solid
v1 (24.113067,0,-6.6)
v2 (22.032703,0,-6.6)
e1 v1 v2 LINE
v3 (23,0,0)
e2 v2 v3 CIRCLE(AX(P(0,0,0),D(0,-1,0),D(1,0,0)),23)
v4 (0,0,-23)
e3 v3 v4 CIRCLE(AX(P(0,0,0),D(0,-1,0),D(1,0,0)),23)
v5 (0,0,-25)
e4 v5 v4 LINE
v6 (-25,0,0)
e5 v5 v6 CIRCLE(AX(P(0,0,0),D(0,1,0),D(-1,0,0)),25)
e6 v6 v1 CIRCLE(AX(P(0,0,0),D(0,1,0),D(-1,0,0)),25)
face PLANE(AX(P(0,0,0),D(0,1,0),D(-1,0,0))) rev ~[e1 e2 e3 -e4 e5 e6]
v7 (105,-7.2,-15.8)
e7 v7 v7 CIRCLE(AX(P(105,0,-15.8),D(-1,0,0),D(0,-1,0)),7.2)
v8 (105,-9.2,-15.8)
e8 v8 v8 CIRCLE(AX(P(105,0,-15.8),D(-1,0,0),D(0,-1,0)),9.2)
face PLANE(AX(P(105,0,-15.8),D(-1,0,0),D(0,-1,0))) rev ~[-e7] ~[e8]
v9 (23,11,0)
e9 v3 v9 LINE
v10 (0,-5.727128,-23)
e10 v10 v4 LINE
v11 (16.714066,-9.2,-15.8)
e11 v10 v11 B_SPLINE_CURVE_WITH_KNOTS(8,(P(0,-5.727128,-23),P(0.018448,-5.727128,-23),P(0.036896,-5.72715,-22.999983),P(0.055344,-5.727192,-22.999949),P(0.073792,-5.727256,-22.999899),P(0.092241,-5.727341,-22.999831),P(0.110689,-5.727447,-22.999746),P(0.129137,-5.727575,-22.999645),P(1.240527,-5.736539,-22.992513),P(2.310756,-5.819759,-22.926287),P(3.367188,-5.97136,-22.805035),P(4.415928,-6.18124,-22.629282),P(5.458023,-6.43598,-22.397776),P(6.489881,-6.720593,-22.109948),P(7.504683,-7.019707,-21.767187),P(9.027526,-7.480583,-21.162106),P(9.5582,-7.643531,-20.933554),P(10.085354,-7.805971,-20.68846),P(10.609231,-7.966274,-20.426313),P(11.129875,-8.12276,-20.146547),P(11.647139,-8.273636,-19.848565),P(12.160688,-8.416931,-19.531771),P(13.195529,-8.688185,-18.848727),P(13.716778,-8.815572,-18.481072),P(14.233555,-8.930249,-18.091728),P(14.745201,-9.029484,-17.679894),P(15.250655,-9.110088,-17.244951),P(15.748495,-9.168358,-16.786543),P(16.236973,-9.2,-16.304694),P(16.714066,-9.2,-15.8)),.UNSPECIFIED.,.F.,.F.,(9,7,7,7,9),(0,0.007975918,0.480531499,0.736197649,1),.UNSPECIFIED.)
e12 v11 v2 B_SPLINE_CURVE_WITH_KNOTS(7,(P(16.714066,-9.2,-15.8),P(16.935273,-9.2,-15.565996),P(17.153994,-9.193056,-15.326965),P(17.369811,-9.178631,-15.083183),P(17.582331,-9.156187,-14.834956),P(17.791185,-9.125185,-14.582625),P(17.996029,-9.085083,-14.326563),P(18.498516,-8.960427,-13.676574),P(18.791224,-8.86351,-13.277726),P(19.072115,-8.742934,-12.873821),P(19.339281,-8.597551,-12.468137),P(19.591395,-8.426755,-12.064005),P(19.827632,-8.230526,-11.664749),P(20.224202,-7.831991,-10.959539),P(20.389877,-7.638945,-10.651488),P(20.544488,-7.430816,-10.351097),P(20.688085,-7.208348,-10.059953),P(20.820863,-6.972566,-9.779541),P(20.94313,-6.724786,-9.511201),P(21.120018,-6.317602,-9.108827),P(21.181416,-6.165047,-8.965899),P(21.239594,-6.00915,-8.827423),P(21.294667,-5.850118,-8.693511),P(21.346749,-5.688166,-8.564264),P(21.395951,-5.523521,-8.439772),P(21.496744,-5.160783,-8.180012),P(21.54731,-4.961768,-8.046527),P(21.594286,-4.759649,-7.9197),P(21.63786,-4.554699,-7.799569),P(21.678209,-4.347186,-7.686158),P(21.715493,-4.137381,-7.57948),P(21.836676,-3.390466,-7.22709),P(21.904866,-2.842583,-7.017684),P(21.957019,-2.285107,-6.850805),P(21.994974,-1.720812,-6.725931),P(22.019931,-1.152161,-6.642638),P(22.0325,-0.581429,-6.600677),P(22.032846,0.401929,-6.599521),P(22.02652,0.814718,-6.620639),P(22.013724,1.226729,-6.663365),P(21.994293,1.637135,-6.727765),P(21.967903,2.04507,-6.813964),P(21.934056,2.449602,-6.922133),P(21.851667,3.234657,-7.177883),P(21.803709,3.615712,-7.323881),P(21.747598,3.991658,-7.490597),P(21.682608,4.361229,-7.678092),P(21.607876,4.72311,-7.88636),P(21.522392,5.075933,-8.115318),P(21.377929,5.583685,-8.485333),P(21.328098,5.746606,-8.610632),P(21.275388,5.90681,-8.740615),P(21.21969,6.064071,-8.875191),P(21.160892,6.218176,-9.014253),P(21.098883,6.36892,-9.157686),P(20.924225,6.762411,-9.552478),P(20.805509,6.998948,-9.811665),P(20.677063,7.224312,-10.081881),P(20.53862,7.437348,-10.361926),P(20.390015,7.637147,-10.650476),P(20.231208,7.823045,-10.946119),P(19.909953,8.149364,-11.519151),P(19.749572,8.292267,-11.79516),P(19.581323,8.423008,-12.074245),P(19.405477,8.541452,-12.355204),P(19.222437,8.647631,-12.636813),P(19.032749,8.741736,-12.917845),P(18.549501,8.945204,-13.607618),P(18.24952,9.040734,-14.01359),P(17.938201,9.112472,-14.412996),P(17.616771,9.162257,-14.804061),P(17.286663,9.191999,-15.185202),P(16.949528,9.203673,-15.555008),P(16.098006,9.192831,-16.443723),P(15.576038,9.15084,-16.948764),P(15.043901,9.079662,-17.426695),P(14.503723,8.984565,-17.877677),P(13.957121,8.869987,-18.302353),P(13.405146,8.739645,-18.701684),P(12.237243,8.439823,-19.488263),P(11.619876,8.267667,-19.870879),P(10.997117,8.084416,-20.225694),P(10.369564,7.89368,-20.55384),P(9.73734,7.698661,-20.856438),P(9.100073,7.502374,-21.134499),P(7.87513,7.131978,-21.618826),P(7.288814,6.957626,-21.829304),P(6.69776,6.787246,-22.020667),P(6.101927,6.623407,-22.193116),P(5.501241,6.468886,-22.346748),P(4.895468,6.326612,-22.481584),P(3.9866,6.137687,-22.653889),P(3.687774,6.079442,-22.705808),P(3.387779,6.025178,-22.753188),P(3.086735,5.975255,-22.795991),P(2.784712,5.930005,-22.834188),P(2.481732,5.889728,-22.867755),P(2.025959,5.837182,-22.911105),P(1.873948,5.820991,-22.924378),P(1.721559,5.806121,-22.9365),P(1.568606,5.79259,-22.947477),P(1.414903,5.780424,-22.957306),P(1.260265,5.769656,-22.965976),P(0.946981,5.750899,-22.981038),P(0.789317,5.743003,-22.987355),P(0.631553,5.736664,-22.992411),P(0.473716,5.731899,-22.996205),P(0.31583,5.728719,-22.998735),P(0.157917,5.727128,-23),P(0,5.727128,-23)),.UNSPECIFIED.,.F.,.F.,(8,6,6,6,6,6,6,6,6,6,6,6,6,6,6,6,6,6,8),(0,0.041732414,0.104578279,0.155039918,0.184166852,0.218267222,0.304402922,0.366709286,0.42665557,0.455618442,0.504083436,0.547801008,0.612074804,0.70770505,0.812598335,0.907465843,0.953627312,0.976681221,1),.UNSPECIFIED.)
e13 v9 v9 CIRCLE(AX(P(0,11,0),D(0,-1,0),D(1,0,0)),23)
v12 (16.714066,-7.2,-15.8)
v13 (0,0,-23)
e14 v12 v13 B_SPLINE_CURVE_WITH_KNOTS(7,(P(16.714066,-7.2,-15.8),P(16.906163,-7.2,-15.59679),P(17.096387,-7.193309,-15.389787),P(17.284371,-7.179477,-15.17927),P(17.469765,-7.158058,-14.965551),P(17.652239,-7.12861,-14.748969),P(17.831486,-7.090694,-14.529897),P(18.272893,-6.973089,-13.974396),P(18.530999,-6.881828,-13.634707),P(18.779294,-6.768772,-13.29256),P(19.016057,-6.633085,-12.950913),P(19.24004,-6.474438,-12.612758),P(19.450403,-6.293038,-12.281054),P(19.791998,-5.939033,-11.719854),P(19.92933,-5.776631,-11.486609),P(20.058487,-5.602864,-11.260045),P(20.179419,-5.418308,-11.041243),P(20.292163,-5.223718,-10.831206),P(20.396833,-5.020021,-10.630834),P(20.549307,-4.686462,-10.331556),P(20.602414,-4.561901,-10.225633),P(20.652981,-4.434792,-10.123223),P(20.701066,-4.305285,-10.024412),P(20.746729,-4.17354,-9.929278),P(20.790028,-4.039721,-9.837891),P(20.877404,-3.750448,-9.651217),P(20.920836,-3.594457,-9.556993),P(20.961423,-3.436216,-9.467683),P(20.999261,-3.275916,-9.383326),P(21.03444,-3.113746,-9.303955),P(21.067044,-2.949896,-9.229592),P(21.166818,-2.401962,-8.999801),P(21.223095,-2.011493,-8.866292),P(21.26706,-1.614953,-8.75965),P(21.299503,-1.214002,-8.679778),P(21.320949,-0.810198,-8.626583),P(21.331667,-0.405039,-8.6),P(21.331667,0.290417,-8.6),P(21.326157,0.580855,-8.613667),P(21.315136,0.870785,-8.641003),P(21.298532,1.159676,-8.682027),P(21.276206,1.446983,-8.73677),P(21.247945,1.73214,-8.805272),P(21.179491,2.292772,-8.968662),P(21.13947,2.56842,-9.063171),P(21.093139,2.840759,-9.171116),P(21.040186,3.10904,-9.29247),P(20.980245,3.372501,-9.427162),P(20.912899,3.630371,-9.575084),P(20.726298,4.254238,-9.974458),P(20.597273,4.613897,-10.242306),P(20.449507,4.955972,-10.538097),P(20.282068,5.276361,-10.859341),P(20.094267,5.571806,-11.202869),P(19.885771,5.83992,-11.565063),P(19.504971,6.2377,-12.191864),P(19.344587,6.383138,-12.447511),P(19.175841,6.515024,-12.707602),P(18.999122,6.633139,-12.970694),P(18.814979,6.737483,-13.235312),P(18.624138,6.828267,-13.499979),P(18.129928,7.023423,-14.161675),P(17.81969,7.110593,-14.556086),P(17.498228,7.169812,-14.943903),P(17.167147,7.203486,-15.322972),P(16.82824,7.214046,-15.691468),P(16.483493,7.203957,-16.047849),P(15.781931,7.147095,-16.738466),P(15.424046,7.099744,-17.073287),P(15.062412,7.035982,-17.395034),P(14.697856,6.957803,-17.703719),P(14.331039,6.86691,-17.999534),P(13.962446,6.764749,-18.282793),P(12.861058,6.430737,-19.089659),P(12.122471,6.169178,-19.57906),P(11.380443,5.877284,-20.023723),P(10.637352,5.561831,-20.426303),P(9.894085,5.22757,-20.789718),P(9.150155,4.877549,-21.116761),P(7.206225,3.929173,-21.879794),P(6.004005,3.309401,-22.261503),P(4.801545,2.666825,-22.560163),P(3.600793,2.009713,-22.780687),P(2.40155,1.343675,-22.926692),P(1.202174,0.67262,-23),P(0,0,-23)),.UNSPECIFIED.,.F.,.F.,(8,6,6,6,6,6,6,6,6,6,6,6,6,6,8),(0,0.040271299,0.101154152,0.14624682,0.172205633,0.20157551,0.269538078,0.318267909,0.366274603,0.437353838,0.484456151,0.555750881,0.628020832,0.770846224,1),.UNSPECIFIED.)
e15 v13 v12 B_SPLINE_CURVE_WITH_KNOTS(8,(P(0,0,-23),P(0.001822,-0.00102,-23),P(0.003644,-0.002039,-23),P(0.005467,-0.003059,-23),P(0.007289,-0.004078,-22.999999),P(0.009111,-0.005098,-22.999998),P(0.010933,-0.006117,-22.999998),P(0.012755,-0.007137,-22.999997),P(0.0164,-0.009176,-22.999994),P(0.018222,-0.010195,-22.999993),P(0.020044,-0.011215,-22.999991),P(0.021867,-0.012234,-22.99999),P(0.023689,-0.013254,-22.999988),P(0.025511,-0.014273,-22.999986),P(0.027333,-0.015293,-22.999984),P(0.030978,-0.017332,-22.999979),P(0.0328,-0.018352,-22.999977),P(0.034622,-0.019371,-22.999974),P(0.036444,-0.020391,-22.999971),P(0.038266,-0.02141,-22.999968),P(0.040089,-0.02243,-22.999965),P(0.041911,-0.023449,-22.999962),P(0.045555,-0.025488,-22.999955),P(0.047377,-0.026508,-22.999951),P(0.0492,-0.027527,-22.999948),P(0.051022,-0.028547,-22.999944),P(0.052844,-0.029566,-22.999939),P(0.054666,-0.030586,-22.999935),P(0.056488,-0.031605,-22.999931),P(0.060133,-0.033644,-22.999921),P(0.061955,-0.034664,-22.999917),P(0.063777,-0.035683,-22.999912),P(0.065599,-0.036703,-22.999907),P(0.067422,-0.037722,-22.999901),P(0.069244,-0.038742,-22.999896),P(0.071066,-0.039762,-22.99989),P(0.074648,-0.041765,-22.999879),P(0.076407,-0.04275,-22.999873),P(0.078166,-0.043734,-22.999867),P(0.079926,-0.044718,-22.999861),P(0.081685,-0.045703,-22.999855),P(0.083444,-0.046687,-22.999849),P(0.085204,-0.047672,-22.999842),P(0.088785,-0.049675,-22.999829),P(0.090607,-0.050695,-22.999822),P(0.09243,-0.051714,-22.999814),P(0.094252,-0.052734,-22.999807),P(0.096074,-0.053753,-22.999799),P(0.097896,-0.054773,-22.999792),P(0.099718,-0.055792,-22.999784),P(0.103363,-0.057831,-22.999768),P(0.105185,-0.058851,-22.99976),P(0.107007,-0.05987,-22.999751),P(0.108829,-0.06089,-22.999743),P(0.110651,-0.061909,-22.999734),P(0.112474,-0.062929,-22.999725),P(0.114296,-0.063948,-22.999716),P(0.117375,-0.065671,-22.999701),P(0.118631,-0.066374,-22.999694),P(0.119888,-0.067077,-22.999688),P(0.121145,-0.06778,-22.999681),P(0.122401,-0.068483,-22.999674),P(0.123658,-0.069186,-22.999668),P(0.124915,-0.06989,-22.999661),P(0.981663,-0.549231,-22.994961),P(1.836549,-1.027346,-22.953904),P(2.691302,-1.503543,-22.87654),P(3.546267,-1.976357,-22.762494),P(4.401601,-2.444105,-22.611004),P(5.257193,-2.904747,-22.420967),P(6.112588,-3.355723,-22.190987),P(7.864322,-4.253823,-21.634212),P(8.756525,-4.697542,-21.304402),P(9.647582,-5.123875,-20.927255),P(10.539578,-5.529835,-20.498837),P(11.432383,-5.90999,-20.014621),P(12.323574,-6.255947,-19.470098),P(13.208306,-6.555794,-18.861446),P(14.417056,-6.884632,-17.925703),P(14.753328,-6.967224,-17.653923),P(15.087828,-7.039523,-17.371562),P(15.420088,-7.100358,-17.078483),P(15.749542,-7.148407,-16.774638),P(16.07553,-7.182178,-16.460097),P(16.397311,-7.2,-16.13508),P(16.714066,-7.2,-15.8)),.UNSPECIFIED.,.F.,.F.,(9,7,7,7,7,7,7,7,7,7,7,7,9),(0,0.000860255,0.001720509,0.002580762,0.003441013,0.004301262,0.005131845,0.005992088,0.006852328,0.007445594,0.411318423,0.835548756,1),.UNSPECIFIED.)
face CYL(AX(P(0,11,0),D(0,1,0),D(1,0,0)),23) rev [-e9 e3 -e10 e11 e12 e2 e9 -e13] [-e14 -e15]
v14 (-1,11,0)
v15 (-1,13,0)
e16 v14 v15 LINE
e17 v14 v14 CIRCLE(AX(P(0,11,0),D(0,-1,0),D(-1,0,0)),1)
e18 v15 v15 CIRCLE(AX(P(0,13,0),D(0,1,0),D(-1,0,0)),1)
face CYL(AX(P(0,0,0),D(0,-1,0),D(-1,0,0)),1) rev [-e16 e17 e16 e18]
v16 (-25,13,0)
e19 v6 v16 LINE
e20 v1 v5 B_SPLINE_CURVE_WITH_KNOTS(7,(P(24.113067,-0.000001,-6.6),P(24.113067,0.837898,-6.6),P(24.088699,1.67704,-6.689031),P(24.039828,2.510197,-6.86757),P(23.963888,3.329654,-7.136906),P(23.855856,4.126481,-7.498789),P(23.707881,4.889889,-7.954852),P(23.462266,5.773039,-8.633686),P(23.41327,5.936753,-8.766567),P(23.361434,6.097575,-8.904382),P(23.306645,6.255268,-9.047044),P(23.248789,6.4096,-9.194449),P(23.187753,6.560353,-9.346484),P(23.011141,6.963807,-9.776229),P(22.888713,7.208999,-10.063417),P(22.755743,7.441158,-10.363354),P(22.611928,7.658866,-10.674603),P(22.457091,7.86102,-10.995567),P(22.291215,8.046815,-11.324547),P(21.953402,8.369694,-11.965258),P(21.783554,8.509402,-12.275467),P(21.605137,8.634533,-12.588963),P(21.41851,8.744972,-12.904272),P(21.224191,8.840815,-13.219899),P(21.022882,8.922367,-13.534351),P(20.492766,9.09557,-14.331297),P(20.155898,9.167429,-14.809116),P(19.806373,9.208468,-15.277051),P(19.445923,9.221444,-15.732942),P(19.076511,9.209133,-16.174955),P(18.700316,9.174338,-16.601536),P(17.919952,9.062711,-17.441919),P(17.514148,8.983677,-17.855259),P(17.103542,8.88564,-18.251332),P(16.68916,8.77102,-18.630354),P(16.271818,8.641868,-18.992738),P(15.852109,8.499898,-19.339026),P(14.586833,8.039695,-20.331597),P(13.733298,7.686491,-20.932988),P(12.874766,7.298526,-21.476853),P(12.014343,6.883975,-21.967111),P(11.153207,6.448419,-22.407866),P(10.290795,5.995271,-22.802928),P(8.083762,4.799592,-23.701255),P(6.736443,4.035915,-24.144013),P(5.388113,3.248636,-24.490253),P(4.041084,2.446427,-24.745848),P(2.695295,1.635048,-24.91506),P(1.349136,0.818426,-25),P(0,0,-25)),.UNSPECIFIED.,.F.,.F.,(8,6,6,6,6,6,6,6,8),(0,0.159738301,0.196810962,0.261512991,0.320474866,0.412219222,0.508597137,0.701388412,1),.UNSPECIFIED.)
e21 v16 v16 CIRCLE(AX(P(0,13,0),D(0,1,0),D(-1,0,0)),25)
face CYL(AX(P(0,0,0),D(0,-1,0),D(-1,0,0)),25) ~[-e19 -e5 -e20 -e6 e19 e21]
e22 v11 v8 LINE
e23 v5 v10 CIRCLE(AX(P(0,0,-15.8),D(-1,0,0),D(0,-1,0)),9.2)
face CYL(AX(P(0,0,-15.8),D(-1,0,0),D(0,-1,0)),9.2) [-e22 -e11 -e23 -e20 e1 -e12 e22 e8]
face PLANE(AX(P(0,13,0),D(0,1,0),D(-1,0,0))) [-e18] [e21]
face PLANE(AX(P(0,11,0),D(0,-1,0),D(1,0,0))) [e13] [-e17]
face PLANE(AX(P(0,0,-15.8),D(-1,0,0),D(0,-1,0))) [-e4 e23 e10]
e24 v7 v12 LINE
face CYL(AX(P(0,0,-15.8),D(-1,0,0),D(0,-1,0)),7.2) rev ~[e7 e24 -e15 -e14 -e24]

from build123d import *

# Parameters (mm, degrees)
F0_R      = 25
F0_R_2    = 1
F1_DEPTH  = 13
F2_R      = 23
F3_DEPTH  = 11
F4_R      = 9.2
F4_R_2    = 7.2
F5_DEPTH  = 105
F6_DEPTH  = 50.8
F7_DEPTH  = 25.4
F8_R      = 23
F9_DEPTH  = 25.4
F11_ANGLE = 180


with BuildPart() as f1:
    # F0 (on Front) → F1 (new body)
    with BuildSketch(Plane.XZ):
        Circle(F0_R)
        Circle(F0_R_2, mode=Mode.SUBTRACT)
    extrude(amount=F1_DEPTH)

    # F2 (on face) → F3 (cut)
    with BuildSketch(Plane(origin=(0, 0, 0), x_dir=(-1, 0, 0), z_dir=(0, 1, 0))):
        Circle(F2_R)
    extrude(amount=-F3_DEPTH, mode=Mode.SUBTRACT)

    # F4 (on Right) → F5 (join)
    with BuildSketch(Plane.YZ):
        with Locations((0, -15.8)):
            Circle(F4_R)
        with Locations((0, -15.8)):
            Circle(F4_R_2, mode=Mode.SUBTRACT)
    extrude(amount=-F5_DEPTH)

    # F4 (on Right) → F6 (cut)
    with BuildSketch(Plane.YZ):
        with Locations((0, -15.8)):
            Circle(F4_R_2)
    extrude(amount=-F6_DEPTH, mode=Mode.SUBTRACT)

    # F0 (on Front) → F7 (cut)
    with BuildSketch(Plane.XZ):
        Circle(F0_R_2)
    extrude(amount=-F7_DEPTH, mode=Mode.SUBTRACT)

    # F8 (on face) → F9 (cut)
    with BuildSketch(Plane(origin=(0, -11, 0), x_dir=(-1, 0, 0), z_dir=(0, 1, 0))):
        Circle(F8_R)
    extrude(amount=F9_DEPTH, mode=Mode.SUBTRACT)


with BuildPart() as f1_1:
    # F11: moved
    add(f1.part.rotate(Axis((0, 0, 3.9728134871), (0, 0, -1)), F11_ANGLE))


solid = f1_1.part
